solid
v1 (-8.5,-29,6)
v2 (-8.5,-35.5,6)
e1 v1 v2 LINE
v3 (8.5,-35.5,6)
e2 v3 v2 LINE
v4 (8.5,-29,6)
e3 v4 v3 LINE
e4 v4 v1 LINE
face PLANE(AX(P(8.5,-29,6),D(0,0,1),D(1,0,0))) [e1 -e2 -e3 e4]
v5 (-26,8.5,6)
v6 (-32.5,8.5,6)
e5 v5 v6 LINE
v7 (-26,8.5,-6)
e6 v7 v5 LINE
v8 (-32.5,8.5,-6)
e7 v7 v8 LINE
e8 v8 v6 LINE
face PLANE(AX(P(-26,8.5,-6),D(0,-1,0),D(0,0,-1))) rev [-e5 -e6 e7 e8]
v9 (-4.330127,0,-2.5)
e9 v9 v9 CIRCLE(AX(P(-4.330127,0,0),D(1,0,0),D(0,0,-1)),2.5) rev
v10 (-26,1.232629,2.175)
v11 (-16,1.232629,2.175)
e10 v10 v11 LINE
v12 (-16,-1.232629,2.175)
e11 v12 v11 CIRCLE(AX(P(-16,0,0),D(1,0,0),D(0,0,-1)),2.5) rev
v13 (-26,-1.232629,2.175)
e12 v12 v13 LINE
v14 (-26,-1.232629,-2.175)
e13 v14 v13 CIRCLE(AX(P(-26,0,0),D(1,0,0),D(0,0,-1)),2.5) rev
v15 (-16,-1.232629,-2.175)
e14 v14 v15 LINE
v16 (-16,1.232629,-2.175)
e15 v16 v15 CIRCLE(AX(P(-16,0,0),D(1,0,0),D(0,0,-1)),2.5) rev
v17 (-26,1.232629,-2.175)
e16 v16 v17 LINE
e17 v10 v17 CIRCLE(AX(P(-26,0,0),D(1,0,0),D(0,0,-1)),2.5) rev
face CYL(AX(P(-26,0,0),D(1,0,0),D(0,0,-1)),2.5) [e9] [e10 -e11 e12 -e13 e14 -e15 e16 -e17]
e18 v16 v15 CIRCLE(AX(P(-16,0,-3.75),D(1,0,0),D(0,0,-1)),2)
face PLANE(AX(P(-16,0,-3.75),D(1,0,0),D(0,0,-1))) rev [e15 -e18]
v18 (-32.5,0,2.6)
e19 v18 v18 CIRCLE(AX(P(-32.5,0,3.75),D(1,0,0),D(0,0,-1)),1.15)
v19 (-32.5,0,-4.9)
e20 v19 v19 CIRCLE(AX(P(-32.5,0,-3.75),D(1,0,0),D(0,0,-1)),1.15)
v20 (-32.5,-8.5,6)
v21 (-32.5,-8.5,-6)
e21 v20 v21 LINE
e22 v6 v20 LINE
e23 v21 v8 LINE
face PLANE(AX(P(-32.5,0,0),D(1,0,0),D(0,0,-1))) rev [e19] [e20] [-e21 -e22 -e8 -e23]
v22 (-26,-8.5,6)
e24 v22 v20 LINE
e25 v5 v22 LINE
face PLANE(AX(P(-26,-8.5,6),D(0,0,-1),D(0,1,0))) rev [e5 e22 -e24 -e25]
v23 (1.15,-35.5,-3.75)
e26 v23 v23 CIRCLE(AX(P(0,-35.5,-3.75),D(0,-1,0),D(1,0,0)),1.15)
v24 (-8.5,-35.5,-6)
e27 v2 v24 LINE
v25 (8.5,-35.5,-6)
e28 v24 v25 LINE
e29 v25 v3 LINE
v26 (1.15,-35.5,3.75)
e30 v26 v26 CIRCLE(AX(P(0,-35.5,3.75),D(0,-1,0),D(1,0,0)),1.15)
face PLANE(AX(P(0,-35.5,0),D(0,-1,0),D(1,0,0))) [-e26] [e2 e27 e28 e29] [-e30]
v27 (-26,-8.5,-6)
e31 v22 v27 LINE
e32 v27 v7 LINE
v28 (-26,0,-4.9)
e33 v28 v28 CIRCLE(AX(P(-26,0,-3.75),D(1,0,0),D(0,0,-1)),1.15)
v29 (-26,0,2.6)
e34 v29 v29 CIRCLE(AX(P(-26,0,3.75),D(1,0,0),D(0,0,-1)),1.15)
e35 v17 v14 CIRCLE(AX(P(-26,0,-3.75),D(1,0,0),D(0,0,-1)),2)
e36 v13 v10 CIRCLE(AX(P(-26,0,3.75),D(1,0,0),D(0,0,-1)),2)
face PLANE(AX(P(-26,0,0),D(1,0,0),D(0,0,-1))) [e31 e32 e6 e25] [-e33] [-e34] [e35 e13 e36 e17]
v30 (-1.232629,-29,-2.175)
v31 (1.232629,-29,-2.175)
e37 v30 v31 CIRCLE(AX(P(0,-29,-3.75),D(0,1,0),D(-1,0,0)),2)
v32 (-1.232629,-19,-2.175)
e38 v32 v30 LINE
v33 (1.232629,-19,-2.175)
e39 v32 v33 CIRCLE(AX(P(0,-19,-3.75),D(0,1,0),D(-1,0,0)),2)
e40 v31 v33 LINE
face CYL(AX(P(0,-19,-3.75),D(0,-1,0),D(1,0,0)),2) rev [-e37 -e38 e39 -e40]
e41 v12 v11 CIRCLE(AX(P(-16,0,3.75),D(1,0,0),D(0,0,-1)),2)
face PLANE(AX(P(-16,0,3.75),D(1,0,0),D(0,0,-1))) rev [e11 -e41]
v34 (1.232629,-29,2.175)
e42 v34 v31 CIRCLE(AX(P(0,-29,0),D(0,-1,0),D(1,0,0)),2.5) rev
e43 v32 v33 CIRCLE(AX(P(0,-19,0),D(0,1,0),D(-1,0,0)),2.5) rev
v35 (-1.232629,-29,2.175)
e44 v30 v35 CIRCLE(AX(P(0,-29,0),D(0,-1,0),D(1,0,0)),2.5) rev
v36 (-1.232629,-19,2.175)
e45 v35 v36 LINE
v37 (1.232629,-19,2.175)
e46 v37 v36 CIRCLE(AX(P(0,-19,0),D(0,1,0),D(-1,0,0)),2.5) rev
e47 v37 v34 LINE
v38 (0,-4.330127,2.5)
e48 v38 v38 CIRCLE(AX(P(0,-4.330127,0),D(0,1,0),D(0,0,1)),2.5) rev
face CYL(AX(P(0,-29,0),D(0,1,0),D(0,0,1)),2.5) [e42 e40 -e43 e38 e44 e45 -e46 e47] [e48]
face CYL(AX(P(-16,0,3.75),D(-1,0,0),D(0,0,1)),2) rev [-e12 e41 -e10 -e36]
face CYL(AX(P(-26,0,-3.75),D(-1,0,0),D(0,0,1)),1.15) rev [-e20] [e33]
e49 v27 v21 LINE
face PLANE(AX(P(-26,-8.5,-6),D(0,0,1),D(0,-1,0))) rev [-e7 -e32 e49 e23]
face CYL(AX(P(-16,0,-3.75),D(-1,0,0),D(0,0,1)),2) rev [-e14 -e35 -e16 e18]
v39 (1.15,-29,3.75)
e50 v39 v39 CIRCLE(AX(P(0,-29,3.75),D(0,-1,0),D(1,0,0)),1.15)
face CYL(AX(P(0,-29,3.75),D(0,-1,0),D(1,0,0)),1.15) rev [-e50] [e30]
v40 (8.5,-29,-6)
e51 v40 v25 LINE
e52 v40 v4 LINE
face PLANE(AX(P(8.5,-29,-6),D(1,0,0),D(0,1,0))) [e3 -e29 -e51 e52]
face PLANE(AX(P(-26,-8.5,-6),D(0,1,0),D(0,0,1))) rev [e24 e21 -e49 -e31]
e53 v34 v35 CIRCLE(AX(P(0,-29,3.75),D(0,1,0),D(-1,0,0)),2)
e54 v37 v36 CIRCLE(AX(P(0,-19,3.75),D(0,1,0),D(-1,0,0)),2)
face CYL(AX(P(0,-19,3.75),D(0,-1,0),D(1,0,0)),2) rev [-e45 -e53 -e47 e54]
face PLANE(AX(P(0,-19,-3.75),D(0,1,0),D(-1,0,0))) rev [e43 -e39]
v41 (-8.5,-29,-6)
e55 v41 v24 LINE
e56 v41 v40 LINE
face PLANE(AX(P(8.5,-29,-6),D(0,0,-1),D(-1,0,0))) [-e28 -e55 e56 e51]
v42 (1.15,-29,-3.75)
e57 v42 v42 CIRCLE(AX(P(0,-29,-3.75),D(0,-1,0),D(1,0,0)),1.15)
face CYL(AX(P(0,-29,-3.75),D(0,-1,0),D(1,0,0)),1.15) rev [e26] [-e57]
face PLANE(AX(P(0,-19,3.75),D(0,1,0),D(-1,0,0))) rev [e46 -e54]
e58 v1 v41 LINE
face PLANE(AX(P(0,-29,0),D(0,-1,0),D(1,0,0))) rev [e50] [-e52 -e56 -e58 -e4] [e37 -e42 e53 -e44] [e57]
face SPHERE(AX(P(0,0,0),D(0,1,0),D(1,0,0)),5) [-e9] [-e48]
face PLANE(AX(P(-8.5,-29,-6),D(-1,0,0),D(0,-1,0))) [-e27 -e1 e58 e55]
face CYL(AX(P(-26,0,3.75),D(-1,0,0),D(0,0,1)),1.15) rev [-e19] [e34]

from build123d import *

# Parameters (mm, degrees)
SKETCH_2_R          = 2.5
EXTRUDE_1_DEPTH     = 29
SKETCH_3_R          = 2.5
EXTRUDE_2_DEPTH     = 26
SKETCH_5_W          = 17
SKETCH_5_H          = 12
SKETCH_5_R          = 1.15
EXTRUDE_4_DEPTH     = 6.5
SKETCH_6_R          = 2
CUT_EXTRUDE_1_DEPTH = 10
SKETCH_7_W          = 12
SKETCH_7_H          = 17
SKETCH_7_R          = 1.15
EXTRUDE_5_DEPTH     = 6.5
SKETCH_8_R          = 2
CUT_EXTRUDE_2_DEPTH = 10


with BuildPart() as part:
    # 스케치1 → 회전1 (revolve)
    with BuildSketch(Plane.XY):
        with BuildLine():
            Line((0, -5), (0, 5))
            ThreePointArc((0, 5), (-5, 0), (0, -5))
        make_face()
    revolve(axis=Axis((0, 7.642806544, 0), (0, -1, 0)))

    # 스케치2 → 보스-돌출1 (add)
    with BuildSketch(Plane(origin=(0, 0, 0), x_dir=(1, 0, 0), z_dir=(0, 1, 0))):
        Circle(SKETCH_2_R)
    extrude(amount=-EXTRUDE_1_DEPTH)

    # 스케치3 → 보스-돌출2 (add)
    with BuildSketch(Plane(origin=(0, 0, 0), x_dir=(0, 0, -1), z_dir=(1, 0, 0))):
        Circle(SKETCH_3_R)
    extrude(amount=-EXTRUDE_2_DEPTH)

    # 스케치5 → 보스-돌출4 (add)
    with BuildSketch(Plane(origin=(0, -35.5, 0), x_dir=(-1, 0, 0), z_dir=(0, -1, 0))):
        Rectangle(SKETCH_5_W, SKETCH_5_H)
        with Locations((0, 3.75)):
            Circle(SKETCH_5_R, mode=Mode.SUBTRACT)
        with Locations((0, -3.75)):
            Circle(SKETCH_5_R, mode=Mode.SUBTRACT)
    extrude(amount=-EXTRUDE_4_DEPTH)

    # 스케치6 → 컷-돌출1 (cut)
    with BuildSketch(Plane(origin=(0, -29, 0), x_dir=(1, 0, 0), z_dir=(0, 1, 0))):
        with Locations((0, 3.75)):
            Circle(SKETCH_6_R)
        with Locations((0, -3.75)):
            Circle(SKETCH_6_R)
    extrude(amount=CUT_EXTRUDE_1_DEPTH, mode=Mode.SUBTRACT)

    # 스케치7 → 보스-돌출5 (add)
    with BuildSketch(Plane(origin=(-32.5, 0, 0), x_dir=(0, 0, -1), z_dir=(1, 0, 0))):
        Rectangle(SKETCH_7_W, SKETCH_7_H)
        with Locations((-3.75, 0)):
            Circle(SKETCH_7_R, mode=Mode.SUBTRACT)
        with Locations((3.75, 0)):
            Circle(SKETCH_7_R, mode=Mode.SUBTRACT)
    extrude(amount=EXTRUDE_5_DEPTH)

    # 스케치8 → 컷-돌출2 (cut)
    with BuildSketch(Plane(origin=(-26, 0, 0), x_dir=(0, 0, -1), z_dir=(1, 0, 0))):
        with Locations((-3.75, 0)):
            Circle(SKETCH_8_R)
        with Locations((3.75, 0)):
            Circle(SKETCH_8_R)
    extrude(amount=CUT_EXTRUDE_2_DEPTH, mode=Mode.SUBTRACT)


solid = part.part
